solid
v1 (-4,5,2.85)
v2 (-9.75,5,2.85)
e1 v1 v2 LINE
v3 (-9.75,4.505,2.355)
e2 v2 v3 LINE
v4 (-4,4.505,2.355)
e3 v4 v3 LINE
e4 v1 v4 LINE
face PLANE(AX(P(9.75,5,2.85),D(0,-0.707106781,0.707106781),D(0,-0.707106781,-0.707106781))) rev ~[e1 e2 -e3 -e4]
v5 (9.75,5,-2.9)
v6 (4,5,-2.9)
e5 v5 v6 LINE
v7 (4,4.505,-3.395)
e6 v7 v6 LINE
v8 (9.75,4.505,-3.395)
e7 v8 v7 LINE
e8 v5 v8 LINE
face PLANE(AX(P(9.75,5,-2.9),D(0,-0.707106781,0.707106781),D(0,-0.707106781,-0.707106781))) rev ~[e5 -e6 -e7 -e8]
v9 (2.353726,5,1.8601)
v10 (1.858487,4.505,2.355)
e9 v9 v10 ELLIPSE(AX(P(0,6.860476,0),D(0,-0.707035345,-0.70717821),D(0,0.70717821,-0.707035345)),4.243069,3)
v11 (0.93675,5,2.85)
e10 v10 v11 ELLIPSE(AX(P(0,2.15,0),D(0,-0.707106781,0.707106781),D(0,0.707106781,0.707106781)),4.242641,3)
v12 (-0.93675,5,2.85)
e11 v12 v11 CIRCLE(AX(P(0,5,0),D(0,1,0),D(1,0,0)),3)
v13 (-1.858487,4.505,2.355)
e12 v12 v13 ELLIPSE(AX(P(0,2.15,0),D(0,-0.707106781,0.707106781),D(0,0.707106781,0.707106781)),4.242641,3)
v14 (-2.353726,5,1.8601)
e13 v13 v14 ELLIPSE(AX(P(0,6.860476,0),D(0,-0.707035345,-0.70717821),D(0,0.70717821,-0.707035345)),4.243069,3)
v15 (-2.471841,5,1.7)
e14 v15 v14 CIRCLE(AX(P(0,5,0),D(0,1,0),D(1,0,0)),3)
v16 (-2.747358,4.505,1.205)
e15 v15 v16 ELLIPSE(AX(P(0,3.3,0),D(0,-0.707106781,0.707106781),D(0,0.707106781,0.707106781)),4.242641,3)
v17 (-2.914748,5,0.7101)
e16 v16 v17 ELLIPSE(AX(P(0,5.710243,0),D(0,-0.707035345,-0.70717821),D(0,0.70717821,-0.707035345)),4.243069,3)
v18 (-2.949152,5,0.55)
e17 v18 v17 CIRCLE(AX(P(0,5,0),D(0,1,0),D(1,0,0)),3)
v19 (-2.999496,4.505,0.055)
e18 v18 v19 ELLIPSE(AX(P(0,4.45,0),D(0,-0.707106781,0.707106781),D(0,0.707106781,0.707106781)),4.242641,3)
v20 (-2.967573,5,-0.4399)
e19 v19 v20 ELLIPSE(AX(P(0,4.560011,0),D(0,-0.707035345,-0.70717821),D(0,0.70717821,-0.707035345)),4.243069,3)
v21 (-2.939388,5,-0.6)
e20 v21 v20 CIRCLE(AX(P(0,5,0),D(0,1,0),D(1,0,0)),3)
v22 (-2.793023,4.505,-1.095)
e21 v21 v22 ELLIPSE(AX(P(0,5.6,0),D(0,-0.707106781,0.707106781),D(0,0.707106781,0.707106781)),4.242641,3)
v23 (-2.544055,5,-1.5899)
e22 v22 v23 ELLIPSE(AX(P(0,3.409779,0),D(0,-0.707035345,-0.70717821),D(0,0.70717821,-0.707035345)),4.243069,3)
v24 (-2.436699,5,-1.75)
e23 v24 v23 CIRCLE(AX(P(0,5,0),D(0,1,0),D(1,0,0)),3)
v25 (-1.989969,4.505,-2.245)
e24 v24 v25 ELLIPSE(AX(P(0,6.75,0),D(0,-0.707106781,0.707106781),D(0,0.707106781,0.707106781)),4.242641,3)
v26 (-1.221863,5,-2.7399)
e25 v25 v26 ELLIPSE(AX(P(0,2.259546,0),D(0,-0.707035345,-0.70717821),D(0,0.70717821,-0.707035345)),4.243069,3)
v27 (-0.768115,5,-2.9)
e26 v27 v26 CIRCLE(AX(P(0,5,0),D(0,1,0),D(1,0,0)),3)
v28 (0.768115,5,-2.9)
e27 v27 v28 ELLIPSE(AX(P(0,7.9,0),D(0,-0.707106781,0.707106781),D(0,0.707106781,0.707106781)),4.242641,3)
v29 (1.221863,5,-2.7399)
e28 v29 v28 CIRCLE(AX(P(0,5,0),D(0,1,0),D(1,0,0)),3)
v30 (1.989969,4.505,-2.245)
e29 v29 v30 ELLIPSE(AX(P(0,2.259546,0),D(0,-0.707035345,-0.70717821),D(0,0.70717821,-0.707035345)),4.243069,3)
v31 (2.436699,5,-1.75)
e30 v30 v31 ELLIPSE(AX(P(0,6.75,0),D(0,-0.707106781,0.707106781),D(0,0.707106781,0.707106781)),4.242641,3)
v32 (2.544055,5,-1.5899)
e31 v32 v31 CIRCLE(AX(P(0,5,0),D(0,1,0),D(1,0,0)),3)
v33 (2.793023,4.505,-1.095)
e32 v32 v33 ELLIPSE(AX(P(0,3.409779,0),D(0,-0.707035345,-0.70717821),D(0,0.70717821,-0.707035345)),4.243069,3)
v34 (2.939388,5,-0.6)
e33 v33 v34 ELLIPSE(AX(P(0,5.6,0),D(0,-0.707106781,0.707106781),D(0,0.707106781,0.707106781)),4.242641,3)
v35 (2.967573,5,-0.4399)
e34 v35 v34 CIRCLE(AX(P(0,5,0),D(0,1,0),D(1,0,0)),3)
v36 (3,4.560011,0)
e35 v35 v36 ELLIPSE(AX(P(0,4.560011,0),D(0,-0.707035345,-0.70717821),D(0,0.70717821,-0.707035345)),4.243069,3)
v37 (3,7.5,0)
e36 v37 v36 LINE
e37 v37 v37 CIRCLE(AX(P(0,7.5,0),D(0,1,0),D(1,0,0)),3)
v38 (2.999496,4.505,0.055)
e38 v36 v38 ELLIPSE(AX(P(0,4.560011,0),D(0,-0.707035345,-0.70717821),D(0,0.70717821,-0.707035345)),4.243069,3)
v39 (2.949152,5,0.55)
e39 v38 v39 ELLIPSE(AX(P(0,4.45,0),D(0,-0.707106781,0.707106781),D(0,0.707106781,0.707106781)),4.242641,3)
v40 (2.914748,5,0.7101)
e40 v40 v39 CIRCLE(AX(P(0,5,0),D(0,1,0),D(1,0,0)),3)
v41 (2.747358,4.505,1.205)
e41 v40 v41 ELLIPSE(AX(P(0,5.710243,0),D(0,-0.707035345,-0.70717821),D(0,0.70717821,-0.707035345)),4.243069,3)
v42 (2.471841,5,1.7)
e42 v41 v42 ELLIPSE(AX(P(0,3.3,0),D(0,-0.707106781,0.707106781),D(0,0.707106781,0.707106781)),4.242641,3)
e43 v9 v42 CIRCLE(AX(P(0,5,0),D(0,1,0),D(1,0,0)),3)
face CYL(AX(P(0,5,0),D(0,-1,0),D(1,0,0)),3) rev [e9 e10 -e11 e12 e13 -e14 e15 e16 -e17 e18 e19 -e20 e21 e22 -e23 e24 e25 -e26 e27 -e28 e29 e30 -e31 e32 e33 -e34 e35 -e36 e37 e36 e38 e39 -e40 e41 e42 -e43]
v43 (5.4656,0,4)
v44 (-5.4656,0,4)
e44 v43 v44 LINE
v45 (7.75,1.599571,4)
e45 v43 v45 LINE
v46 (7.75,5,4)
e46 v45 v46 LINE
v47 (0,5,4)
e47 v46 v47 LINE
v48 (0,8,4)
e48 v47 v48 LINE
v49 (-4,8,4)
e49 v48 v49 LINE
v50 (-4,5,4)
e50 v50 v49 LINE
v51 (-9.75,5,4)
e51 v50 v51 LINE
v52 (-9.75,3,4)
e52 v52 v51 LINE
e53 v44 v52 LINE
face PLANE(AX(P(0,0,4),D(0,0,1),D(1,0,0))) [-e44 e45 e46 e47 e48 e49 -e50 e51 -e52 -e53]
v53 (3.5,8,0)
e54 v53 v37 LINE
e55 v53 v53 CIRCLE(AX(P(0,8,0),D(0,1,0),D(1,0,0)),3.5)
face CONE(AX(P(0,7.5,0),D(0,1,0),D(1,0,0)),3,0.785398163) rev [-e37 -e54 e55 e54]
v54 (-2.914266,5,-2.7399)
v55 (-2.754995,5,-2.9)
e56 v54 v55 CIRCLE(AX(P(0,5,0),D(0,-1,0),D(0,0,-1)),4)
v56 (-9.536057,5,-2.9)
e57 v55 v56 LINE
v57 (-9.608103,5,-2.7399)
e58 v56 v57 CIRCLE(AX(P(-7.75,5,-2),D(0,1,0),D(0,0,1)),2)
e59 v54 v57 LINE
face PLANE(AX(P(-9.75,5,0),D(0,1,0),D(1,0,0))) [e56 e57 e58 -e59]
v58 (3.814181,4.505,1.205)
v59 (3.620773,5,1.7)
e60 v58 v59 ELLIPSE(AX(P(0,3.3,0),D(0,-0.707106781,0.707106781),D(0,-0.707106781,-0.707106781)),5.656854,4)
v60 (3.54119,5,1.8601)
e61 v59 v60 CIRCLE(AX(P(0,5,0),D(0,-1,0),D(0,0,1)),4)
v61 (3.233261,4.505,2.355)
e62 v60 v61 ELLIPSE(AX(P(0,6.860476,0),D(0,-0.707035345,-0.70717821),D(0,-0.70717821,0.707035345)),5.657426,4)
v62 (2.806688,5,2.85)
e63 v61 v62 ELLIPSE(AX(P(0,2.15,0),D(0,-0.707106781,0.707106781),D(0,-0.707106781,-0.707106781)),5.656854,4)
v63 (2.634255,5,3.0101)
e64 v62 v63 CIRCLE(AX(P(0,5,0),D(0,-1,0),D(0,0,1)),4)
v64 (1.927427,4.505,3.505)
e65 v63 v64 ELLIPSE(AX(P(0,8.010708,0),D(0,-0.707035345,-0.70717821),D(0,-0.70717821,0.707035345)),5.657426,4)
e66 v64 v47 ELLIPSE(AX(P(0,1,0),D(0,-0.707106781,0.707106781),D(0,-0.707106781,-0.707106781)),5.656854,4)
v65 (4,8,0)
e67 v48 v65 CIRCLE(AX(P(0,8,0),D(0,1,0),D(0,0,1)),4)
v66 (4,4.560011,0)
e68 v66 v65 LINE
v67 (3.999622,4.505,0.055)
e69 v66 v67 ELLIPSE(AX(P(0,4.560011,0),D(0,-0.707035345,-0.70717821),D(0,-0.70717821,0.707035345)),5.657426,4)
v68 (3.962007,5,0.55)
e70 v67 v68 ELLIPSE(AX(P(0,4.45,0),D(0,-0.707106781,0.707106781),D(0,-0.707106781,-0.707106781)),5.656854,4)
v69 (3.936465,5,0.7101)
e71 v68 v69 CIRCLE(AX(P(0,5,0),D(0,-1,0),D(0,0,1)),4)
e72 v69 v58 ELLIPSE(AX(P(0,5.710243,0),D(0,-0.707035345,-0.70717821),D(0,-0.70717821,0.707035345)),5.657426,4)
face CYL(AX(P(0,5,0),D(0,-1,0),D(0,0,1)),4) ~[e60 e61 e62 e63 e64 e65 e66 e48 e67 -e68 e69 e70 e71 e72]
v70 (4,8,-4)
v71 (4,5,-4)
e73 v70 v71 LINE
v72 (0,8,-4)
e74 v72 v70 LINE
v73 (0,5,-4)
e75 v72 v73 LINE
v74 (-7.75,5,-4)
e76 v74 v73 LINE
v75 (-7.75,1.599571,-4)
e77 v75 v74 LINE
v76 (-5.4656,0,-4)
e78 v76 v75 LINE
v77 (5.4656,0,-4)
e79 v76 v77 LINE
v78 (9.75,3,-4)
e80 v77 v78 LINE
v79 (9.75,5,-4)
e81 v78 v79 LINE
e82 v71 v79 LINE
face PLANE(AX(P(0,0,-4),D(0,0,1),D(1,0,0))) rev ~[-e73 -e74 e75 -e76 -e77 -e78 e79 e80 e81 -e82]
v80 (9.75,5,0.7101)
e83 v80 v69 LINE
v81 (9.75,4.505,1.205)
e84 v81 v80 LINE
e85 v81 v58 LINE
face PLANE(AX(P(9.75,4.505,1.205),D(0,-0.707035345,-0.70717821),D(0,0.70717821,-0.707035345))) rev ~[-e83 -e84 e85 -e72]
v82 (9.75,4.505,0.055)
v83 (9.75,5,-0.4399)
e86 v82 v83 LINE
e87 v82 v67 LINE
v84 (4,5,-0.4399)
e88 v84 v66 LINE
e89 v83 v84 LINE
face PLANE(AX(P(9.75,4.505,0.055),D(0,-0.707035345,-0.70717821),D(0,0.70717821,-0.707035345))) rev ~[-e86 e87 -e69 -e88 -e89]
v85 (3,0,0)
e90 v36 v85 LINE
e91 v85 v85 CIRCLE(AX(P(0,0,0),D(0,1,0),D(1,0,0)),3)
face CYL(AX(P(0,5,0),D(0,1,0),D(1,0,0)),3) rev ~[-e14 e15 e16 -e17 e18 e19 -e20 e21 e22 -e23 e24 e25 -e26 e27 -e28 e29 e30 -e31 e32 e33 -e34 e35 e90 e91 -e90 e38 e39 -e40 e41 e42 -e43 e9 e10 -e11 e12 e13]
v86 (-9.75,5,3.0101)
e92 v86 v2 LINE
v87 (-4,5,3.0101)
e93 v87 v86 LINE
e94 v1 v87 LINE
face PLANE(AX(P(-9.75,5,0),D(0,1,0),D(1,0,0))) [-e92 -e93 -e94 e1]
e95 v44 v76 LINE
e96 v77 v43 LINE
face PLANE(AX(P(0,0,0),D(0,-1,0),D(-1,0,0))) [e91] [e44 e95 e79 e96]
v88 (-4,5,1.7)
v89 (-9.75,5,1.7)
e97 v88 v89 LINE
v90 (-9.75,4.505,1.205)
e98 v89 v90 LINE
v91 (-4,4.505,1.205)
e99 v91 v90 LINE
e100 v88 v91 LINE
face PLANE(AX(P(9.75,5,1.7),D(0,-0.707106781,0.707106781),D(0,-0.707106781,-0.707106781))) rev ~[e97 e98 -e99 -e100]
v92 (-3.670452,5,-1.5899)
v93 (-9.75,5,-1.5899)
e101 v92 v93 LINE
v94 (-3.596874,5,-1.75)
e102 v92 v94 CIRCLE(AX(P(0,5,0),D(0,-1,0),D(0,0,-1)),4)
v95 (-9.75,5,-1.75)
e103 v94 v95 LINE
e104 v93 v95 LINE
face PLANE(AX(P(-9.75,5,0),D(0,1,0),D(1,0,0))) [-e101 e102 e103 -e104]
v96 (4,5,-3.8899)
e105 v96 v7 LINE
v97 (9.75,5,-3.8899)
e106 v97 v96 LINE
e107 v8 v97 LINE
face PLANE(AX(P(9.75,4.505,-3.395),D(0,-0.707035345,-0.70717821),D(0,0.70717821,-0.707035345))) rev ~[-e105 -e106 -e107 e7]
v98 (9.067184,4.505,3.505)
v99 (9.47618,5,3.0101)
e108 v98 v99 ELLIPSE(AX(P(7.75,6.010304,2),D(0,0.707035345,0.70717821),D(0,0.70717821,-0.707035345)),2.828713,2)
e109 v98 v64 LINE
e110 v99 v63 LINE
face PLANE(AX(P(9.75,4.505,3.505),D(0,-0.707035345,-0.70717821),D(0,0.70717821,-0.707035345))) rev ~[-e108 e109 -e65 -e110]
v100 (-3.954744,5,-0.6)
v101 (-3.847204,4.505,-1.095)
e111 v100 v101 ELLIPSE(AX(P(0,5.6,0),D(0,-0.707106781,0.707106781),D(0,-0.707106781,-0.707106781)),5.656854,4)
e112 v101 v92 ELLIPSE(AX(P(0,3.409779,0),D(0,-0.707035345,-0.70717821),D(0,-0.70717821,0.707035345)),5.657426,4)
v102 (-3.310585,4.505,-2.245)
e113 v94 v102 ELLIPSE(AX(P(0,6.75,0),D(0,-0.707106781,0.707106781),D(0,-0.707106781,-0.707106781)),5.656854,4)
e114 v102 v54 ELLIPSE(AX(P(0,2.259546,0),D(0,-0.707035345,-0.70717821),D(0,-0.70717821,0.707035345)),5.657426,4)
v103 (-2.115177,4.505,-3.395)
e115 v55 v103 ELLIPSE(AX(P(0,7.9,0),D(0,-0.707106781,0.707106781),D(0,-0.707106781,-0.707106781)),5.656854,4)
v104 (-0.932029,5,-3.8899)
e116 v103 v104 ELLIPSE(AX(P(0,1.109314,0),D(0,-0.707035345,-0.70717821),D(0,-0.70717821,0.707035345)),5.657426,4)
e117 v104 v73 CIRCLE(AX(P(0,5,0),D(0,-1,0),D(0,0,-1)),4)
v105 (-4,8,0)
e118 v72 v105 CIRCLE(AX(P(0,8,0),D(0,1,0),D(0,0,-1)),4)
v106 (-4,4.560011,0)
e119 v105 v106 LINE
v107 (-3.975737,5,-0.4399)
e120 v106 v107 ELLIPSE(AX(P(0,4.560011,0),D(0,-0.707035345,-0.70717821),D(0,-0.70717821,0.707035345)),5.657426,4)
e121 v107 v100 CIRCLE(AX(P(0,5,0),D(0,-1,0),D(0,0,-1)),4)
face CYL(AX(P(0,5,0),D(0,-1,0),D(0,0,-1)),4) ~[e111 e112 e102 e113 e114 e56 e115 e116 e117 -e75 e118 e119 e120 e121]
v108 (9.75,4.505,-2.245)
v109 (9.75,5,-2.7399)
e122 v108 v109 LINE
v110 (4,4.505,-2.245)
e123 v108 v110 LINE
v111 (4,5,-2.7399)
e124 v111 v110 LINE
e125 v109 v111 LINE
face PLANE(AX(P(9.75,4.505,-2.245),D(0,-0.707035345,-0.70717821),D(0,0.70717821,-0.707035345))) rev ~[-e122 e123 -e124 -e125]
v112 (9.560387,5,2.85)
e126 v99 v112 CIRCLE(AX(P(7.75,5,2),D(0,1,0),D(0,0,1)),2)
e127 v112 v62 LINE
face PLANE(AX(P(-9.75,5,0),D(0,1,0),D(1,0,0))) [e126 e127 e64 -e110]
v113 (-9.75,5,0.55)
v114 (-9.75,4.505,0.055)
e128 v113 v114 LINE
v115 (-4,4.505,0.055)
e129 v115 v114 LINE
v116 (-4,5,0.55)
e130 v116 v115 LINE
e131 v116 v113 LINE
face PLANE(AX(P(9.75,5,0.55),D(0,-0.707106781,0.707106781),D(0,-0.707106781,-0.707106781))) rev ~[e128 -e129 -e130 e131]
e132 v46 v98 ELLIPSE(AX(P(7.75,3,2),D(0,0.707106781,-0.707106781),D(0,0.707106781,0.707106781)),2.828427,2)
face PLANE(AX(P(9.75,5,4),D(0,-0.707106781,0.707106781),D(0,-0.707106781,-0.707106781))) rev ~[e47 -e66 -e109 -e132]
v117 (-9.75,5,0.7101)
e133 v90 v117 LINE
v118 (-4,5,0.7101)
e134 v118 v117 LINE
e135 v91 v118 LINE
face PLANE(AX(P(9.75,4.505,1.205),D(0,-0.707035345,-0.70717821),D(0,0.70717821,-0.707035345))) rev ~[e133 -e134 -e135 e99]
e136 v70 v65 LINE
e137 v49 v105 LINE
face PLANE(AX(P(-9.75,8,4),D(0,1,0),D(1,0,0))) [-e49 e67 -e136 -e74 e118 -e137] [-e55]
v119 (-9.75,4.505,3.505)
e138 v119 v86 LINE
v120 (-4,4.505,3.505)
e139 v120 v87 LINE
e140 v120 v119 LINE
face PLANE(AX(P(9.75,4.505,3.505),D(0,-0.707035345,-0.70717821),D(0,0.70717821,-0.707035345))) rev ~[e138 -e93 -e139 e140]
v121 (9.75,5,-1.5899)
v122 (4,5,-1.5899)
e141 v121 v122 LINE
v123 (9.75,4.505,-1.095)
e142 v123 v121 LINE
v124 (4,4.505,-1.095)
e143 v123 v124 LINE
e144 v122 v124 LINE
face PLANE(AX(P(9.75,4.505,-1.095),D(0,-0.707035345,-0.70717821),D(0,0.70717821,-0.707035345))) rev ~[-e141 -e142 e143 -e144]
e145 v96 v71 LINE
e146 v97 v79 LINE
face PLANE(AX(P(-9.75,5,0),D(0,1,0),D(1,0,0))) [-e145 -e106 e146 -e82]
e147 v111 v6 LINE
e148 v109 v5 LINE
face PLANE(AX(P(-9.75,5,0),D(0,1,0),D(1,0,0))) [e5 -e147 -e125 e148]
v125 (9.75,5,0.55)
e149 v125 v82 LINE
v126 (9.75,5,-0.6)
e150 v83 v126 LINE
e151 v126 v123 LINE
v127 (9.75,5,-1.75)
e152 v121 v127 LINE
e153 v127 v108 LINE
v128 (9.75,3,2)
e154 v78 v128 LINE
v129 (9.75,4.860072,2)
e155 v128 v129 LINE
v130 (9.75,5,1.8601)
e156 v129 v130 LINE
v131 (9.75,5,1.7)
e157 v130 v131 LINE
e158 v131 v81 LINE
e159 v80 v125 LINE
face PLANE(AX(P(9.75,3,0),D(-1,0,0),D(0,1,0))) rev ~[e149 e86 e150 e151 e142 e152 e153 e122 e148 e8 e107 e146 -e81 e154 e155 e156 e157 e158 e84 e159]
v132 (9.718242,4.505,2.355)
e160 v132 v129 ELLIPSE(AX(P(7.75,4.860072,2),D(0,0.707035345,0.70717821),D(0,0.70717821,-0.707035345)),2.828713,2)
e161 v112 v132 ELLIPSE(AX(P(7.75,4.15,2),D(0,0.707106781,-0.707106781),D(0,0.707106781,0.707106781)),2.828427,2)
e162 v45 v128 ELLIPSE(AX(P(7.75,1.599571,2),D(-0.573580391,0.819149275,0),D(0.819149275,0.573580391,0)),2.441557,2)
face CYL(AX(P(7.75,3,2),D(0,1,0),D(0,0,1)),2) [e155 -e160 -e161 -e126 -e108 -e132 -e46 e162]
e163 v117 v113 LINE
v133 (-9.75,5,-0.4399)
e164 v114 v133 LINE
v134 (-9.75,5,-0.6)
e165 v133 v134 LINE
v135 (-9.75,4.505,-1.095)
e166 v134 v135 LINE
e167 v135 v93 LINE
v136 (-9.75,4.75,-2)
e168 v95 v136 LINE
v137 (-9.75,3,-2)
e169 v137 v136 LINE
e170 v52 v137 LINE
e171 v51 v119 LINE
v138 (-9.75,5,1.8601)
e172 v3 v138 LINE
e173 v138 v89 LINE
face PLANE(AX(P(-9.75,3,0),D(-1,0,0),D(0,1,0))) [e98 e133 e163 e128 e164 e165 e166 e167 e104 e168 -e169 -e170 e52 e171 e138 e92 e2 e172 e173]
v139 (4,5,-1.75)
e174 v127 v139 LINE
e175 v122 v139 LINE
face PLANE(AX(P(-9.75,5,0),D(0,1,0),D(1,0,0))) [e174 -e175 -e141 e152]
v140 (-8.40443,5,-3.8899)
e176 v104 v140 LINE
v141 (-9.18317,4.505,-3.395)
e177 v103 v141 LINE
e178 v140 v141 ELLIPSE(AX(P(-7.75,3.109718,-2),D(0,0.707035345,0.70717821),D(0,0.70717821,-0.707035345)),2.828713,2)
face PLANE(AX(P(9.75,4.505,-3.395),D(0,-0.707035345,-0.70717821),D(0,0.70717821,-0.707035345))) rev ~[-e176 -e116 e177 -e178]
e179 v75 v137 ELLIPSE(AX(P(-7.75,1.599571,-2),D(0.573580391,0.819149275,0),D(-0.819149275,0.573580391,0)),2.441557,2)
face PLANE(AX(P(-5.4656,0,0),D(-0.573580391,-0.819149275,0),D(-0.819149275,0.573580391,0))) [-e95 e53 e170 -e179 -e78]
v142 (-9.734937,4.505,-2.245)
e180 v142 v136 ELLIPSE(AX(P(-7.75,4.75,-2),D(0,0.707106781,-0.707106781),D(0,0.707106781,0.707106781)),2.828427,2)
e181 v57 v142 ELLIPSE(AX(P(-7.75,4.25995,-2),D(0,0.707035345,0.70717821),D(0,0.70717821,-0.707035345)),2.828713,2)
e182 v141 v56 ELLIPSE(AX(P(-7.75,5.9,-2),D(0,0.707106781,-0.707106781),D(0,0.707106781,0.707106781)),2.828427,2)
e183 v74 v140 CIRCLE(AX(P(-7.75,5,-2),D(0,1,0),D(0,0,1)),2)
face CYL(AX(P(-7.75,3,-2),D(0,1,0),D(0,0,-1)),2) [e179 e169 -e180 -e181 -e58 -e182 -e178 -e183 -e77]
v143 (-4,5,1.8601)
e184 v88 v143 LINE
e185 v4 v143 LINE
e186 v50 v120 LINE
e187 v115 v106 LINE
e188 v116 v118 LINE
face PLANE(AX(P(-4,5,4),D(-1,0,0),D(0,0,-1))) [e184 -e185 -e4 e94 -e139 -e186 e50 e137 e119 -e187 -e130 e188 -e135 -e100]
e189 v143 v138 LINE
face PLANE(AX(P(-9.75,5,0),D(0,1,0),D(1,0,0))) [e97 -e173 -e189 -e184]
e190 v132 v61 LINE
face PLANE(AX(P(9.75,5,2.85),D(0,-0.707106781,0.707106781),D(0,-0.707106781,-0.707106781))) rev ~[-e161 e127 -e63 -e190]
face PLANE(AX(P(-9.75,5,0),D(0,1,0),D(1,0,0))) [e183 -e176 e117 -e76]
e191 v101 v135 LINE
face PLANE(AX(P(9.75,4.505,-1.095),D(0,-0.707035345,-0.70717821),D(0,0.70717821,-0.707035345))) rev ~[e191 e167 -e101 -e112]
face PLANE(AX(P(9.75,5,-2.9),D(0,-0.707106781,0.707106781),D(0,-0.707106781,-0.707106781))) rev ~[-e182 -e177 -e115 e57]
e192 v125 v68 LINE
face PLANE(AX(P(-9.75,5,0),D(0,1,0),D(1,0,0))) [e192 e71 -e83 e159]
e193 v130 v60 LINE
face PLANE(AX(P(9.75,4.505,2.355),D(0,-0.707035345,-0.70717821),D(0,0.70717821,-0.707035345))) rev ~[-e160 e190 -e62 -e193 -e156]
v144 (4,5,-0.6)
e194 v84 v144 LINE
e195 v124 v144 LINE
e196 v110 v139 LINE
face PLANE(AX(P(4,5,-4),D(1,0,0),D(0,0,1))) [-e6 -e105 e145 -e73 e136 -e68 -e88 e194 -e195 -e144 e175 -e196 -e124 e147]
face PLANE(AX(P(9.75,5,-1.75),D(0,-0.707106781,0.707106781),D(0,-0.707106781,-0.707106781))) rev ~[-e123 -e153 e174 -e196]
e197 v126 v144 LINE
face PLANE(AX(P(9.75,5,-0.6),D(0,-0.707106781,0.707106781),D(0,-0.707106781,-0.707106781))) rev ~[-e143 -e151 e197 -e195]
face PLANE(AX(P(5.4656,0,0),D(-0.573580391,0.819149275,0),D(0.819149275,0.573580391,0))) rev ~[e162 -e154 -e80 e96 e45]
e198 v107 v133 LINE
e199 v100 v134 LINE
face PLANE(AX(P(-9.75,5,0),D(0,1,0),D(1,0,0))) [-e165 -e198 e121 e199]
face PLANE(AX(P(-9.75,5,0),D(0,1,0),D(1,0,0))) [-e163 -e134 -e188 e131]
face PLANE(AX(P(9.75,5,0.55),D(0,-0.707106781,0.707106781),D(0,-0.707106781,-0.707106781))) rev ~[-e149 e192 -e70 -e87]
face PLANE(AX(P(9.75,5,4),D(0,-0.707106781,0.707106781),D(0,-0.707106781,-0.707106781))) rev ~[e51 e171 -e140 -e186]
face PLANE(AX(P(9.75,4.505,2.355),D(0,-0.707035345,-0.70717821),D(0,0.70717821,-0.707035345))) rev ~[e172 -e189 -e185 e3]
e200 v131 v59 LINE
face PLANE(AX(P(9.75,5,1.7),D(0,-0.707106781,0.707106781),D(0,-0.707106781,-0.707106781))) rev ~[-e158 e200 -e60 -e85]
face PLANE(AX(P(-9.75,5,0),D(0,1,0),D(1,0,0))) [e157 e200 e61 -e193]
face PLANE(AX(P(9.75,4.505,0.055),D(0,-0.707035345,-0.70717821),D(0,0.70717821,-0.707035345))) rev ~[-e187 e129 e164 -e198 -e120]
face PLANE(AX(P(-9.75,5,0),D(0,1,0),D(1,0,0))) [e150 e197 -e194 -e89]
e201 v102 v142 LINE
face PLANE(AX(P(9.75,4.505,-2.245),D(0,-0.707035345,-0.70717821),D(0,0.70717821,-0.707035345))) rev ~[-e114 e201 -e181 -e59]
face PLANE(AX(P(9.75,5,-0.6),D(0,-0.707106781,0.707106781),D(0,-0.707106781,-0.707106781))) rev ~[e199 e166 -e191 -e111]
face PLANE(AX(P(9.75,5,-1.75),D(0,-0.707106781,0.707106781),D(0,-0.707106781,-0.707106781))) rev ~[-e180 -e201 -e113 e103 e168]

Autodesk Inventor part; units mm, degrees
ref_plane "YZ Plane" through (0, 0, 0) normal (1, 0, 0) x (0, 1, 0)
ref_plane "XZ Plane" through (0, 0, 0) normal (0, 1, 0) x (-1, 0, 0)
ref_plane "XY Plane" through (0, 0, 0) normal (0, 0, 1) x (1, 0, 0)
sketch "Skizze3" plane through (0, 0, 0) normal (0, 0, 1) x (1, 0, 0)
  line L0 (0, 0) -> (5.4656, 0)
  line L1 (5.4656, 0) -> (9.75, 3)
  line L2 (9.75, 3) -> (9.75, 5)
  line L3 (9.75, 5) -> (0, 5)
  line L4 (0, 6) -> (0, -1) construction
  line L5 (0, 0) -> (-5.4656, 0)
  line L6 (-5.4656, 0) -> (-9.75, 3)
  line L7 (-9.75, 3) -> (-9.75, 5)
  line L8 (-9.75, 5) -> (0, 5)
  dimension "d6" = 9.75
  dimension "d8" = 5
  dimension "d9" = 3
  dimension "d10" = 145
extrude "Extrusion2" add sketch "Skizze3" along normal mid plane 8
sketch "Skizze4" plane through (-9.75, 5, 4) normal (0, 1, 0) x (1, 0, 0)
  line L0 (0, 8) -> (0, 0) projected
  line L1 (19.5, 0) -> (0, 0) projected
  line L2 (19.5, 8) -> (19.5, 0) projected
  line L3 (0, 8) -> (19.5, 8) projected
  circle A0 centre (9.75, 4) radius 3
  line L4 (5.75, 8) -> (13.75, 8)
  line L5 (13.75, 8) -> (13.75, 0)
  line L6 (13.75, 0) -> (5.75, 0)
  line L7 (5.75, 0) -> (5.75, 8)
  line L8 (5.75, 8) -> (13.75, 0) construction
  line L9 (13.75, 8) -> (5.75, 0) construction
  line L10 (0, 8) -> (19.5, 8) projected
  arc A1 (9.75, 8) -> (5.75, 4) centre (9.75, 4) ccw
  arc A2 (9.75, 0) -> (13.75, 4) centre (9.75, 4) ccw
  point P0 (9.75, 0)
  dimension "d13" = 6
  dimension "d14" = 8
  dimension "d15" = 8
extrude "Extrusion3" add sketch "Skizze4" along normal blind 3 and the other way blind 5 separate body contours L7 A1 L3 L5 A2 L1
sketch "Skizze5" plane through (9.75, 3, 4) normal (1, 0, 0) x (0, 0, -1)
  line L0 (8, 2) -> (0, 2) projected
  line L1 (0, 0) -> (0, 2) projected
  line L2 (8, 0) -> (0, 0) projected
  line L3 (8, 2) -> (8, 0) projected
  line L4 (0, 0) -> (0, 2) projected
  line L5 (0, 2) -> (0.495, 1.505)
  line L6 (0.495, 1.505) -> (0.9899, 2)
  line L7 (8, 2) -> (0, 2) projected
  line L8 (1.15, 2) -> (1.645, 1.505)
  line L9 (1.645, 1.505) -> (2.1399, 2)
  line L10 (2.3, 2) -> (2.795, 1.505)
  line L11 (2.795, 1.505) -> (3.2899, 2)
  line L12 (3.45, 2) -> (3.945, 1.505)
  line L13 (3.945, 1.505) -> (4.4399, 2)
  line L14 (4.6, 2) -> (5.095, 1.505)
  line L15 (5.095, 1.505) -> (5.5899, 2)
  line L16 (5.75, 2) -> (6.245, 1.505)
  line L17 (6.245, 1.505) -> (6.7399, 2)
  line L18 (6.9, 2) -> (7.395, 1.505)
  line L19 (7.395, 1.505) -> (7.8899, 2)
  point P0 (4, -3)
  dimension "d21" = 0.7
  dimension "d24" = 1.15
extrude "Extrusion4" cut sketch "Skizze5" against normal up to surface (19.5 mm away) contours L19 L18 L0 | L17 L16 L0 | L0 L6 L5 | L15 L14 L0 | L0 L9 L8 | L13 L12 L0 | L0 L11 L10 bodies 1
extrude "Extrusion5" cut sketch "Skizze4" against normal blind 10 contours A0 bodies 1
chamfer "Fase2" distance 0.5 angle 45 1 edges at (-3, 8, 0)
combine bodies "Kombinieren1" operation type add bodies to combine 1 2
fillet "Rundung1" radius 2 2 edges at (9.75, 4, 4) (-9.75, 4, -4)
properties part number "T-NUT - DropIn 4040 SERIES - M6"
